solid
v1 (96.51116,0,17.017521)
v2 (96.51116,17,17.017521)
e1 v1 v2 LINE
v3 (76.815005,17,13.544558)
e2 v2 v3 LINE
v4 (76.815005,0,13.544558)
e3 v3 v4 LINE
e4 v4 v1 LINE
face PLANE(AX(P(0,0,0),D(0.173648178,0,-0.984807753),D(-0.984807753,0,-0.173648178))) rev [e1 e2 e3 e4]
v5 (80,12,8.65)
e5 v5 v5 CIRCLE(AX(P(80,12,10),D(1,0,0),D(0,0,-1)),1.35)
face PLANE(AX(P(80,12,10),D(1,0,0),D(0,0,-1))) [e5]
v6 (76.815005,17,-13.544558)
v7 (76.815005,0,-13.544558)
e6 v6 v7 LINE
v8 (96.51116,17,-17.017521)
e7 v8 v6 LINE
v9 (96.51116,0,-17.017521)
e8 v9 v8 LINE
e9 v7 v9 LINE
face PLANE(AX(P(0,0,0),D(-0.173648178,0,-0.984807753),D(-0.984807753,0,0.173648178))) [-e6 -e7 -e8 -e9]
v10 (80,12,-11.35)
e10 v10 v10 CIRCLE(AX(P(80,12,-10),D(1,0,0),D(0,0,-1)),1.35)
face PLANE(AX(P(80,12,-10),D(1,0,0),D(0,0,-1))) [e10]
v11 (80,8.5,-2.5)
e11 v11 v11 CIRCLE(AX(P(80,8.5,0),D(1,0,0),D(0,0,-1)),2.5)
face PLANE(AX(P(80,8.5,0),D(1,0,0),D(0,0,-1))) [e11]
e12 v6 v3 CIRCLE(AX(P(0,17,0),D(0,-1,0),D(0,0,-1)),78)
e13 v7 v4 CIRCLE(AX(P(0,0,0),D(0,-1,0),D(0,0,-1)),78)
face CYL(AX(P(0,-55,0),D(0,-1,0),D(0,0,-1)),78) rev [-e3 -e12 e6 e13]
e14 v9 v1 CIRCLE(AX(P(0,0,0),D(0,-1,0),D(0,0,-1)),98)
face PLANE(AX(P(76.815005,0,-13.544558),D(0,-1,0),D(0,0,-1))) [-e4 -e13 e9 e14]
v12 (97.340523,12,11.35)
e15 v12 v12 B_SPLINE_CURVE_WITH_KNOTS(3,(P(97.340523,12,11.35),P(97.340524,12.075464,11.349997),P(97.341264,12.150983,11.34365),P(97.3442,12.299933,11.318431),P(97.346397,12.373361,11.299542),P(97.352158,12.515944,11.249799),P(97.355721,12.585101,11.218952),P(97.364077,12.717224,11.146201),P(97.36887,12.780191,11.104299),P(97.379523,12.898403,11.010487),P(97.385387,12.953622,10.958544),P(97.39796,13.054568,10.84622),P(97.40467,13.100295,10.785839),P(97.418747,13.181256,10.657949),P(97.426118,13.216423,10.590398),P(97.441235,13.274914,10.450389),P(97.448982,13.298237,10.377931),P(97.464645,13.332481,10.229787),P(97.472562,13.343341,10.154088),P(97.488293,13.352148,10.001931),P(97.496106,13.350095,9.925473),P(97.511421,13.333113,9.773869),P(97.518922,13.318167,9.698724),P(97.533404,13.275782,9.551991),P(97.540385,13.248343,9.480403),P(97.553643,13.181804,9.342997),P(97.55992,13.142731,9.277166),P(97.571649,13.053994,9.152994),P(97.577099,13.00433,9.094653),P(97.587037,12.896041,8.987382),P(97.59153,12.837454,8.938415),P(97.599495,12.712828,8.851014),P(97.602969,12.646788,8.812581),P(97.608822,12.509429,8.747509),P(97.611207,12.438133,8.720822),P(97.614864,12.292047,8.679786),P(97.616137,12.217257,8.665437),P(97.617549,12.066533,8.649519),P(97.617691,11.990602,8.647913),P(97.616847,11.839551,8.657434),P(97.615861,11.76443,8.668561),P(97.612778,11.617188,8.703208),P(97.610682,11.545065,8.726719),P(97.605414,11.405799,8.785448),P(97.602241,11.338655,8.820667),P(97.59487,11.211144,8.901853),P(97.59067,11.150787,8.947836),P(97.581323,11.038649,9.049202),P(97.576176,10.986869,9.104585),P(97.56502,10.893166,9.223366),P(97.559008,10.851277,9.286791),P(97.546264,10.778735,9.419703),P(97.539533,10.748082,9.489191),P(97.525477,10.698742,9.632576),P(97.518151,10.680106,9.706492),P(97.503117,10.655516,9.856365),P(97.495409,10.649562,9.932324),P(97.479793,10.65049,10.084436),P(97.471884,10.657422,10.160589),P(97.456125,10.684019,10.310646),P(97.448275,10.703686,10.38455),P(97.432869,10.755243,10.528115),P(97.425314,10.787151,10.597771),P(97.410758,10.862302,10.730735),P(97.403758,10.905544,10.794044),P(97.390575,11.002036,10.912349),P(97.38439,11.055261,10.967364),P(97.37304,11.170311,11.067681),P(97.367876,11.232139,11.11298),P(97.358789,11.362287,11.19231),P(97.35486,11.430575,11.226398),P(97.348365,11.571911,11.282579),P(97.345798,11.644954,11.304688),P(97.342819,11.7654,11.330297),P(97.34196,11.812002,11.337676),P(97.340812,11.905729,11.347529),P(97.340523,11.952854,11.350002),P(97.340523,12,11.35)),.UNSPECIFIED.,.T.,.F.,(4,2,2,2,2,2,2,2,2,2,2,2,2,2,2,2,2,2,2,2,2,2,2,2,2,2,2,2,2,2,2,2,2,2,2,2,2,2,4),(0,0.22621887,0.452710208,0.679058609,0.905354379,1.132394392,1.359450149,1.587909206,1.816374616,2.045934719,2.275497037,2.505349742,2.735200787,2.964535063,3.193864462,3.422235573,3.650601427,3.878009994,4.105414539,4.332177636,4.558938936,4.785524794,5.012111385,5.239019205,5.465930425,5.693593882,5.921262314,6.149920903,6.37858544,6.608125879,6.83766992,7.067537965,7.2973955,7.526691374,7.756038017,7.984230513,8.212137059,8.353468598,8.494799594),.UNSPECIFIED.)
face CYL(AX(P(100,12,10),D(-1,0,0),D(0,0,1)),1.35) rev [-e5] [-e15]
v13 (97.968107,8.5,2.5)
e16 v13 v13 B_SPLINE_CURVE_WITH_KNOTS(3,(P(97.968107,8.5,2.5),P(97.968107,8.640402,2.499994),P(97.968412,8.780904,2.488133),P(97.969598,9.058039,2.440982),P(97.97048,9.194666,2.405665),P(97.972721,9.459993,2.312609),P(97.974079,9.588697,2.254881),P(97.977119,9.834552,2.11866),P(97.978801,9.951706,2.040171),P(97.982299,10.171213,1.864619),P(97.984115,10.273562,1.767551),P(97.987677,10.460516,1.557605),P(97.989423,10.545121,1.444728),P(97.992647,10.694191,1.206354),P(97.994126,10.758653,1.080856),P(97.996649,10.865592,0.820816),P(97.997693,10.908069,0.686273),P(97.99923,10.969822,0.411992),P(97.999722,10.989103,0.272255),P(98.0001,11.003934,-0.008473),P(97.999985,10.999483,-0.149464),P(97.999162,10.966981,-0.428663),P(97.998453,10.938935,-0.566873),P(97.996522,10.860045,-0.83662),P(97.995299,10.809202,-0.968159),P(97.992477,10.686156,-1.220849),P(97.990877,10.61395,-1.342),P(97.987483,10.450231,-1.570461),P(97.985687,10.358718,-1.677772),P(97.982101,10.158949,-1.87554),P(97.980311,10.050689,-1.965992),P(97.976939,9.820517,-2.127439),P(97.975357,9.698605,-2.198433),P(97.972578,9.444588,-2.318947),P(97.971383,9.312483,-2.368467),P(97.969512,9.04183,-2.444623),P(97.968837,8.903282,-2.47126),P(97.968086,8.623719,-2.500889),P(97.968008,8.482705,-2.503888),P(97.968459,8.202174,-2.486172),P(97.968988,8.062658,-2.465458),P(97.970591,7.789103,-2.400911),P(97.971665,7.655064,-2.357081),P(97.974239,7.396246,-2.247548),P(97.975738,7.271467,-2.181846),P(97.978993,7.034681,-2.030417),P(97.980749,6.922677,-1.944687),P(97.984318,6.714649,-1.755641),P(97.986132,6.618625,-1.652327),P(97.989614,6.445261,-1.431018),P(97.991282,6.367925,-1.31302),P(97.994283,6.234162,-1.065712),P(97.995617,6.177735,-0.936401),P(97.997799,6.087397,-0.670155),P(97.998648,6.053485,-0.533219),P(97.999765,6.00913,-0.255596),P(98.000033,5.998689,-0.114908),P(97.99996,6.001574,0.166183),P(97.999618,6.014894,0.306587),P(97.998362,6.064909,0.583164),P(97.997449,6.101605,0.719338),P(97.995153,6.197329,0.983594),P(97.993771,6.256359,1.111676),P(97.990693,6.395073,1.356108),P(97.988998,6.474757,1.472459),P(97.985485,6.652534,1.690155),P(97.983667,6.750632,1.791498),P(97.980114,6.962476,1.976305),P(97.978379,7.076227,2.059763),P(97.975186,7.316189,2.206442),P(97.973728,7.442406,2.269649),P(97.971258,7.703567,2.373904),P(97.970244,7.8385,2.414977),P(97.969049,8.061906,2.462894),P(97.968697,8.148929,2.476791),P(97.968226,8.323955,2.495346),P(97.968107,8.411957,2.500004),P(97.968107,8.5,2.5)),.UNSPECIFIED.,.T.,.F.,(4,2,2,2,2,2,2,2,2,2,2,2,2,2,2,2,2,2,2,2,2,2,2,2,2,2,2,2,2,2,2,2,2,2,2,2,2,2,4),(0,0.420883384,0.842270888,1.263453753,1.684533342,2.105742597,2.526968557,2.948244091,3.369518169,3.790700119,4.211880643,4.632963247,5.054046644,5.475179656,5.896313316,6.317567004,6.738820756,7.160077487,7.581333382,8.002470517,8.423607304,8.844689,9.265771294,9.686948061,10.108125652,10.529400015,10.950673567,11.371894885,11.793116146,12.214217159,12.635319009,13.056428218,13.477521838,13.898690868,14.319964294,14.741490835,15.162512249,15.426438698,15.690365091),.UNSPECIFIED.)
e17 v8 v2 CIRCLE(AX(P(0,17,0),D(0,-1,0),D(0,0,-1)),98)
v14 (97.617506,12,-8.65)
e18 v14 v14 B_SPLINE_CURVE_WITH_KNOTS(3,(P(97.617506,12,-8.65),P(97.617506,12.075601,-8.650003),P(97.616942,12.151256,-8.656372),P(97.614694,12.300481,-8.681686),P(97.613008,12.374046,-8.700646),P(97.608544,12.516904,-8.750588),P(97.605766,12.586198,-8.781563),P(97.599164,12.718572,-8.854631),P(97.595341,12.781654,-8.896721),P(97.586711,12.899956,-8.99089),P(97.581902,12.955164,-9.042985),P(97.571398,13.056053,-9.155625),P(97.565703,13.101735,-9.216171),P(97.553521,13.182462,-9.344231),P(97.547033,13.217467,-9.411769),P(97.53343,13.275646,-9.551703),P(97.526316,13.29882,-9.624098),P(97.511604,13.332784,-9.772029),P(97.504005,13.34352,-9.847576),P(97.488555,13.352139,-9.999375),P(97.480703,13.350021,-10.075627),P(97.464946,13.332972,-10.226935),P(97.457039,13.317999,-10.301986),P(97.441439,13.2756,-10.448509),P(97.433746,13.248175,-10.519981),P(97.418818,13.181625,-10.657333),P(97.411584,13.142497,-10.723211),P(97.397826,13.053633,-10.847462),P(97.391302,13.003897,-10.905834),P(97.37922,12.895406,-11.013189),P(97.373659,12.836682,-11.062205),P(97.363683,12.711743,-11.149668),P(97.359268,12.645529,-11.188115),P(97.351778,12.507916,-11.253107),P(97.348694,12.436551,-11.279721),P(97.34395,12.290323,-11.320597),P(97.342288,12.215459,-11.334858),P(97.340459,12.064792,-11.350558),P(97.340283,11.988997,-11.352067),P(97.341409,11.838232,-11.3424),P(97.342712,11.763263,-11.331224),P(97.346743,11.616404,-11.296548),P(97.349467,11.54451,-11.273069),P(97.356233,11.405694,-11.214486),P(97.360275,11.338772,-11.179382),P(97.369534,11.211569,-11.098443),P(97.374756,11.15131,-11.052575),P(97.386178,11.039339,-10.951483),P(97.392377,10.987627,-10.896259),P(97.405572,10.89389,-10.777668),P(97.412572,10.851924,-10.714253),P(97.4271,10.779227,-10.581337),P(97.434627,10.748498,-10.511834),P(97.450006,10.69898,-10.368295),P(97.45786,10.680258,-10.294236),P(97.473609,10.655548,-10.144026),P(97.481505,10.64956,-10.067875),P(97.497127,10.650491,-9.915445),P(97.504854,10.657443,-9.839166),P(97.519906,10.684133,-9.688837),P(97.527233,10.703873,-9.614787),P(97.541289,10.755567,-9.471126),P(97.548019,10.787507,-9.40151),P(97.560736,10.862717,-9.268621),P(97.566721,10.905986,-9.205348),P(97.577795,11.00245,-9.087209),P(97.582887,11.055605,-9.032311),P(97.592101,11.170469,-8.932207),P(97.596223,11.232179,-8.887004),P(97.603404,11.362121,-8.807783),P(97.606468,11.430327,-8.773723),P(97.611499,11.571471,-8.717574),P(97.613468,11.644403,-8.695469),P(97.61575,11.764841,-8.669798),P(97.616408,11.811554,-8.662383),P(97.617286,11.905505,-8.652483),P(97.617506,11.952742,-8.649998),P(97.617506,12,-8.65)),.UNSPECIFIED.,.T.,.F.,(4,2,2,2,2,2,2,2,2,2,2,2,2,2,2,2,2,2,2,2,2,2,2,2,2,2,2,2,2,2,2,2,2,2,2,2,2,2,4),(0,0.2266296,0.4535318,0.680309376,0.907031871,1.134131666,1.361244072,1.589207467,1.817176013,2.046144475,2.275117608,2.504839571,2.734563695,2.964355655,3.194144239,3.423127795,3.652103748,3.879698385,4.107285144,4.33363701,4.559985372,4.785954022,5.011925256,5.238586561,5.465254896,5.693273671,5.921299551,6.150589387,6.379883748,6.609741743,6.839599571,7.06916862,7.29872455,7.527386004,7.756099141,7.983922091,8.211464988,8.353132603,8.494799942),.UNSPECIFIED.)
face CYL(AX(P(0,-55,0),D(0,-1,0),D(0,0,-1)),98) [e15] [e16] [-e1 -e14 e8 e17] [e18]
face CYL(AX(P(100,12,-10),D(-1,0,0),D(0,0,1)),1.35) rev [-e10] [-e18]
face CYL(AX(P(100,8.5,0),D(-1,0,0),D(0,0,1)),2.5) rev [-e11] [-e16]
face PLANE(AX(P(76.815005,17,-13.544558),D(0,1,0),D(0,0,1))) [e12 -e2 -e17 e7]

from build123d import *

# Parameters (mm, degrees)
SKETCH1_W          = 20
SKETCH1_H          = 17
REVOLVE1_ANGLE     = 20
SKETCH2_R          = 2.5
SKETCH2_R_2        = 1.35
CUT_EXTRUDE1_DEPTH = 20


with BuildPart() as part:
    # Sketch1 → Revolve1 (revolve, symmetric)
    with BuildSketch(Plane.XY) as revolve1_sk:
        with Locations((88, 8.5)):
            Rectangle(SKETCH1_W, SKETCH1_H)
    revolve(axis=Axis((0, -55, 0), (0, 1, 0)), revolution_arc=REVOLVE1_ANGLE / 2)
    revolve(revolve1_sk.sketch, axis=Axis((0, -55, 0), (0, -1, 0)), revolution_arc=REVOLVE1_ANGLE / 2)

    # Sketch2 → Cut-Extrude1 (cut)
    with BuildSketch(Plane(origin=(80, 0, 0), x_dir=(0, 0, -1), z_dir=(1, 0, 0))):
        with Locations((0, 8.5)):
            Circle(SKETCH2_R)
        with Locations((-10, 12)):
            Circle(SKETCH2_R_2)
        with Locations((10, 12)):
            Circle(SKETCH2_R_2)
    extrude(amount=CUT_EXTRUDE1_DEPTH, mode=Mode.SUBTRACT)


solid = part.part
